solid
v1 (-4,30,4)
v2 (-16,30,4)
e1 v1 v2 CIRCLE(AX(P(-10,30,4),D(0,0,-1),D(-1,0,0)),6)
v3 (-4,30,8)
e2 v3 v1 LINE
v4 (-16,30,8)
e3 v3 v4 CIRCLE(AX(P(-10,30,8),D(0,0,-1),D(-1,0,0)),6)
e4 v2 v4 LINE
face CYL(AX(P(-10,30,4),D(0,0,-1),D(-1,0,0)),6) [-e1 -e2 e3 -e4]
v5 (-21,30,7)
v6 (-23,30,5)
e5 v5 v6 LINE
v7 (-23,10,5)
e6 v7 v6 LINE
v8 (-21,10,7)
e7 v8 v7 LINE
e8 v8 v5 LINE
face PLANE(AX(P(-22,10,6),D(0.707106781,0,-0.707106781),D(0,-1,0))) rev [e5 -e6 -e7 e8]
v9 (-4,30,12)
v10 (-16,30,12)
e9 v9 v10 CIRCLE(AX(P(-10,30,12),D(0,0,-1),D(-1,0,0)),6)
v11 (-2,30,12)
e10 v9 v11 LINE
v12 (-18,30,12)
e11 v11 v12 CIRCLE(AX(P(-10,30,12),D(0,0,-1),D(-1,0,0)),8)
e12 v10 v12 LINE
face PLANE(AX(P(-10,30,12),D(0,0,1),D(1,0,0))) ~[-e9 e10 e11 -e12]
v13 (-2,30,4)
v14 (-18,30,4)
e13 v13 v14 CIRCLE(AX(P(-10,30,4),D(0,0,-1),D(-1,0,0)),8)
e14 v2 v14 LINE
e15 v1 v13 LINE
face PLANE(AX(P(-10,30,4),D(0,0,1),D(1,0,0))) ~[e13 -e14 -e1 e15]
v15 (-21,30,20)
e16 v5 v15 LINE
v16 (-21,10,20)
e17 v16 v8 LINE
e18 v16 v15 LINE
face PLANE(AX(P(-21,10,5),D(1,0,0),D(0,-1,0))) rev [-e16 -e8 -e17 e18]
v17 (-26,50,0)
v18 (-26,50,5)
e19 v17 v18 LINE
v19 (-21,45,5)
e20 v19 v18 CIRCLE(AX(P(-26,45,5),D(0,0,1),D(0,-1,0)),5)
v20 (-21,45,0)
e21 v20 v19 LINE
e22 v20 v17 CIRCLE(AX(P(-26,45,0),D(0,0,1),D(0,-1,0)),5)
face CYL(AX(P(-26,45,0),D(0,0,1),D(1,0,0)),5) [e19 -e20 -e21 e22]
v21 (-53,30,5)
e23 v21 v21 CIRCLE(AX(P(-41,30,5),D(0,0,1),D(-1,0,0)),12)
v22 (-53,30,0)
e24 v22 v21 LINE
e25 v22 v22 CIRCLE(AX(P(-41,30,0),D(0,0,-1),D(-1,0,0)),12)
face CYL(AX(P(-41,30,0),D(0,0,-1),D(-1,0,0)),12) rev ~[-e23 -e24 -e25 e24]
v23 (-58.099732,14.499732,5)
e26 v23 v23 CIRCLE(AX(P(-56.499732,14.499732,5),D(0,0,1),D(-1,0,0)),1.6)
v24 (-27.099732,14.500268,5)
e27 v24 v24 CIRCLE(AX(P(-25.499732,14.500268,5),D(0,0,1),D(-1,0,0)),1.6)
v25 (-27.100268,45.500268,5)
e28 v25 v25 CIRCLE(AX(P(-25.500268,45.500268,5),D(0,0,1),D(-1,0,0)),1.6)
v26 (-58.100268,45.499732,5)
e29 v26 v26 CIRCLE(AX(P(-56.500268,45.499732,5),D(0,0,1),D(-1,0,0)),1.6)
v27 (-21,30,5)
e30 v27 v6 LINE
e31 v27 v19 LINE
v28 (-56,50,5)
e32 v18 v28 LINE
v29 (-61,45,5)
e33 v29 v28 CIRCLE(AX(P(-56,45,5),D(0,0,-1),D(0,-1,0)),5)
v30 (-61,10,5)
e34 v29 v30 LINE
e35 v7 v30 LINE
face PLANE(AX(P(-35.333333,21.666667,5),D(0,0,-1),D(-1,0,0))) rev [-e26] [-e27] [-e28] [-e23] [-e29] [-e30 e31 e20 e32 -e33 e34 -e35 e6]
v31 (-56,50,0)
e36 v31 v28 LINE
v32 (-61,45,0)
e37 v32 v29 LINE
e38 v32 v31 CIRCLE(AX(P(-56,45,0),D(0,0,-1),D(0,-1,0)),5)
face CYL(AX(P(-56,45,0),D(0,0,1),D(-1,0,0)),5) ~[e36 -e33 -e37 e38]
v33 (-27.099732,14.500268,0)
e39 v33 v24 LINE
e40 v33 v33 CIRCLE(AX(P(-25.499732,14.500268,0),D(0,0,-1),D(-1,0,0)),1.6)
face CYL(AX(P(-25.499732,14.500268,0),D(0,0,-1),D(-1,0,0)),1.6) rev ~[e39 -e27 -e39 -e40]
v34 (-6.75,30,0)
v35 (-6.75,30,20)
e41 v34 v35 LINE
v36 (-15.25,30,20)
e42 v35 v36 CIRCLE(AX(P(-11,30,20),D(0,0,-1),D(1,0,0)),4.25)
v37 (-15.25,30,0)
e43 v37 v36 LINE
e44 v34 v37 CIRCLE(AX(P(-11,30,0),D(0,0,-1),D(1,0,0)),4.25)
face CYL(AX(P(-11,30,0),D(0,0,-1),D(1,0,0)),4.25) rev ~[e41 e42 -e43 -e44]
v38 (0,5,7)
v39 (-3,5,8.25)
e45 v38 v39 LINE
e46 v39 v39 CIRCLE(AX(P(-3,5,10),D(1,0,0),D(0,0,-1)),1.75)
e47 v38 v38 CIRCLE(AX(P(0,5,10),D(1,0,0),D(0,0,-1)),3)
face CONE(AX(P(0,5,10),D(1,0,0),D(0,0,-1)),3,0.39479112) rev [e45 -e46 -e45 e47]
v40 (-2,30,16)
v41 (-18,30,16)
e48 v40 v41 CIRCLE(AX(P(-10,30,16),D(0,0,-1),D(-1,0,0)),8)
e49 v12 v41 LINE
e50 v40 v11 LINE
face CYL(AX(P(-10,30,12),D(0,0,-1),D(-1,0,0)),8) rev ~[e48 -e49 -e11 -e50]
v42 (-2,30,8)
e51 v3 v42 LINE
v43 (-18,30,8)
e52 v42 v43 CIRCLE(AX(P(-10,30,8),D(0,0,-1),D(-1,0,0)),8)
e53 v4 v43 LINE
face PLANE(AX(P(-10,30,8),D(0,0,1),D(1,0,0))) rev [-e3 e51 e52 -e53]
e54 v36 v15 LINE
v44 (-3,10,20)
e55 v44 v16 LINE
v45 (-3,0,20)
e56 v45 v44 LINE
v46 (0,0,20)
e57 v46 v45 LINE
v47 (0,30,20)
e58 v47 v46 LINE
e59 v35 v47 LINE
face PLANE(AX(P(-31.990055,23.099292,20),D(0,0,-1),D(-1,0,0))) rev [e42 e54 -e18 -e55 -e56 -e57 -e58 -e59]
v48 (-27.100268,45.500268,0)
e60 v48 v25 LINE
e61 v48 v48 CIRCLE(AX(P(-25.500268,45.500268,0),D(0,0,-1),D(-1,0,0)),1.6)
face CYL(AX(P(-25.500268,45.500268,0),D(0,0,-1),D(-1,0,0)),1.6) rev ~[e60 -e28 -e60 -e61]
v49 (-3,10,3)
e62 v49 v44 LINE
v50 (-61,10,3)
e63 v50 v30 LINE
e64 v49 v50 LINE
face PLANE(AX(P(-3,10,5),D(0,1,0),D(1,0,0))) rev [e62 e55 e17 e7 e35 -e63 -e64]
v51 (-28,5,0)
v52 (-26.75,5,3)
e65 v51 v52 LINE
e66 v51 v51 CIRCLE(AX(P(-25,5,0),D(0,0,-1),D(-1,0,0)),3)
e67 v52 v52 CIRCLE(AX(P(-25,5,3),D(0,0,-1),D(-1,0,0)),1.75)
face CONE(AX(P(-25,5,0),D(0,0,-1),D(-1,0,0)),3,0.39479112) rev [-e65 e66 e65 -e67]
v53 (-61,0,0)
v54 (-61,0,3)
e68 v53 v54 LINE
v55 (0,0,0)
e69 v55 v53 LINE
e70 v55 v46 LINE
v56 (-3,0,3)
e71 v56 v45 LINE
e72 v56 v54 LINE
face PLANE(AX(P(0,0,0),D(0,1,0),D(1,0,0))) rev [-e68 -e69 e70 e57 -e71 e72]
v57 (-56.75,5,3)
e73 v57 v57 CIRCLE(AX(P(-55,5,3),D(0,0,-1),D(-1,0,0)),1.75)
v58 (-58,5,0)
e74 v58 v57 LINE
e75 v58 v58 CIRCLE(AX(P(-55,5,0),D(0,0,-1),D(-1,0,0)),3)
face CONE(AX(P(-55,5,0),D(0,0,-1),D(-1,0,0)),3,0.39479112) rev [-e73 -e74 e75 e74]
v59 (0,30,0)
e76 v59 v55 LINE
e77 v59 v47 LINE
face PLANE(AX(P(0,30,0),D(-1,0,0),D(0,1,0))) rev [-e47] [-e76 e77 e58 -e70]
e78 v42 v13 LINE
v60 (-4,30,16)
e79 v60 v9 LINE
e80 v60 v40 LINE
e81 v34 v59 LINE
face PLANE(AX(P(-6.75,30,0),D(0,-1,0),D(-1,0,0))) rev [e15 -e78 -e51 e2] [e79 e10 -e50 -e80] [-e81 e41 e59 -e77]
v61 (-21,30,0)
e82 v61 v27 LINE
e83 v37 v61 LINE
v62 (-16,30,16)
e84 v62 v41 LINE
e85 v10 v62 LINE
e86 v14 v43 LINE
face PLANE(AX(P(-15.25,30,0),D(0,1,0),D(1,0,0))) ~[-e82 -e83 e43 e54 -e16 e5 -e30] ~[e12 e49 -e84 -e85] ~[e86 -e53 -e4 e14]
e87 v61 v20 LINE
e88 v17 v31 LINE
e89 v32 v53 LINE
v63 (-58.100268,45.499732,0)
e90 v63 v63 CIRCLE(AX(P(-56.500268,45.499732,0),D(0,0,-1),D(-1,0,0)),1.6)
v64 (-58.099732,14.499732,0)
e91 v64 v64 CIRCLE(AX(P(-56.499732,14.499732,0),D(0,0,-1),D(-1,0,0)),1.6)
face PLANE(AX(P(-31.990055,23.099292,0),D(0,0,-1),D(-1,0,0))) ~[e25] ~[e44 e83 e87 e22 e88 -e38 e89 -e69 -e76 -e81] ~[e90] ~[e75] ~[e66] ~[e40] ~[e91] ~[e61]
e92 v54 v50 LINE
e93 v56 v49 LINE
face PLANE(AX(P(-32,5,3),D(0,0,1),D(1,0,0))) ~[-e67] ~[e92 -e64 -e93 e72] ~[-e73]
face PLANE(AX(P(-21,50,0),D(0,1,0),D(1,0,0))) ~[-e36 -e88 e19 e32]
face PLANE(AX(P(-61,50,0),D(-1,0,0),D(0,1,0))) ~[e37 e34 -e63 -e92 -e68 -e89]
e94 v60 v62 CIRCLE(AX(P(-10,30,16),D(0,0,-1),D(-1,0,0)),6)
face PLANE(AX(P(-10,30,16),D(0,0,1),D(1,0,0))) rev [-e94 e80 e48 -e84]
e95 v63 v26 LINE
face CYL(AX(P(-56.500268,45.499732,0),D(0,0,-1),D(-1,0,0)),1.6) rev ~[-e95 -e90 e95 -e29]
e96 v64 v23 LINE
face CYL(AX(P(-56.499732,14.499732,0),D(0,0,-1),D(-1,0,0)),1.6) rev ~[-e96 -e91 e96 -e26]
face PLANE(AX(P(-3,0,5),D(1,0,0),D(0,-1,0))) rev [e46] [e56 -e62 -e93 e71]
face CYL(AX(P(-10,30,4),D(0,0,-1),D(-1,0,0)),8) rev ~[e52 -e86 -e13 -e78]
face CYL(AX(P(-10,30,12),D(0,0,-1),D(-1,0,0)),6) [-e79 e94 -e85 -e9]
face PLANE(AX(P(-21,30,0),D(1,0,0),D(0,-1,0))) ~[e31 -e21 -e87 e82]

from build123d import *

# Parameters (mm, degrees)
BOX008_W          = 58
BOX008_H          = 10
BOX008_DEPTH      = 3
CONE_PITCH_ANGLE  = 90
CYLINDER001_R     = 6
CYLINDER001_DEPTH = 4
CYLINDER_R        = 8
CYLINDER_DEPTH    = 4
PAD001_DEPTH      = 15
SKETCH_R          = 12
SKETCH_R_2        = 1.6
PAD_DEPTH         = 20
CHAMFER003_SIZE   = 2
FILLET_R          = 5


with BuildPart() as espai_fusta:
    # Box008 → Box008 (new body)
    with BuildSketch(Plane(origin=(3, 0, 3), x_dir=(1, 0, 0), z_dir=(0, 0, 1))):
        with Locations((29, 5)):
            Rectangle(BOX008_W, BOX008_H)
    extrude(amount=BOX008_DEPTH)


with BuildPart() as cone_forat_cargol003:
    # Cone002 → Cone002 (revolve)
    with BuildSketch(Plane(origin=(55, 5, 0), x_dir=(1, 0, 0), z_dir=(0, -1, 0))):
        Polygon((0, 0), (3, 0), (1.75, 3), (0, 3), align=None)
    revolve(axis=Axis((55, 5, 0), (0, 0, 1)))


with BuildPart() as cone_forat_cargol002:
    # Cone001 → Cone001 (revolve)
    with BuildSketch(Plane(origin=(25, 5, 0), x_dir=(1, 0, 0), z_dir=(0, -1, 0))):
        Polygon((0, 0), (3, 0), (1.75, 3), (0, 3), align=None)
    revolve(axis=Axis((25, 5, 0), (0, 0, 1)))


with BuildPart() as cone_forat_cargol001:
    # Cone → Cone (revolve)
    with BuildSketch(Plane.XZ):
        Polygon((0, 0), (3, 0), (1.75, 3), (0, 3), align=None)
    revolve(axis=Axis((0, 0, 0), (0, 0, 1)))


with BuildPart() as cone_forat_cargol001_1:
    # Cone pitch: moved
    add(cone_forat_cargol001.part.rotate(Axis((0, 0, 0), (0, 1, 0)), CONE_PITCH_ANGLE))


with BuildPart() as cone_forat_cargol001_2:
    # Cone placement: moved
    add(cone_forat_cargol001_1.part.moved(Location((0, 5, 10))))


with BuildPart() as cyl_brida_int:
    # Cylinder001 → Cylinder001 (new body)
    with BuildSketch(Plane.XY):
        Circle(CYLINDER001_R)
    extrude(amount=CYLINDER001_DEPTH)


with BuildPart() as cyl_brida_ext:
    # Cylinder → Cylinder (new body)
    with BuildSketch(Plane.XY):
        Circle(CYLINDER_R)
    extrude(amount=CYLINDER_DEPTH)


with BuildPart() as espai_brida002:
    # Cut002 base: copy of Cyl-brida-ext
    add(cyl_brida_ext.part)

    # Cut002: cut Cyl-brida-int
    add(cyl_brida_int.part, mode=Mode.SUBTRACT)


with BuildPart() as espai_brida002_1:
    # Cut002 placement: moved
    add(espai_brida002.part.moved(Location((10, 30, 12))))


with BuildPart() as espai_brida001:
    # Cut001 base: copy of Cyl-brida-ext
    add(cyl_brida_ext.part)

    # Cut001: cut Cyl-brida-int
    add(cyl_brida_int.part, mode=Mode.SUBTRACT)


with BuildPart() as espai_brida001_1:
    # Cut001 placement: moved
    add(espai_brida001.part.moved(Location((10, 30, 4))))


with BuildPart() as pad_perfil_retalla:
    # Sketch001 → Pad001 (new body)
    with BuildSketch(Plane.XY.offset(5)):
        Polygon((3, 10), (21, 10), (21, 50), (61, 50), (61, 0), (3, 0), align=None)
    extrude(amount=PAD001_DEPTH)


with BuildPart() as y_end_motor:
    # Sketch → Pad (new body)
    with BuildSketch(Plane.XY):
        with BuildLine():
            ThreePointArc((6.75, 30), (11, 25.75), (15.25, 30))
            Line((15.25, 30), (21, 30))
            Line((21, 30), (21, 50))
            Line((21, 50), (61, 50))
            Line((61, 50), (61, 0))
            Line((0, 0), (61, 0))
            Line((0, 30), (0, 0))
            Line((6.75, 30), (0, 30))
        make_face()
        with Locations((41, 30)):
            Circle(SKETCH_R, mode=Mode.SUBTRACT)
        with Locations((25.500268, 45.500268)):
            Circle(SKETCH_R_2, mode=Mode.SUBTRACT)
        with Locations((25.499732, 14.500268)):
            Circle(SKETCH_R_2, mode=Mode.SUBTRACT)
        with Locations((56.499732, 14.499732)):
            Circle(SKETCH_R_2, mode=Mode.SUBTRACT)
        with Locations((56.500268, 45.499732)):
            Circle(SKETCH_R_2, mode=Mode.SUBTRACT)
    extrude(amount=PAD_DEPTH)

    # Cut: cut Pad-perfil-retalla
    add(pad_perfil_retalla.part, mode=Mode.SUBTRACT)

    # Cut003: cut espai-brida001
    add(espai_brida001_1.part, mode=Mode.SUBTRACT)

    # Cut004: cut espai-brida002
    add(espai_brida002_1.part, mode=Mode.SUBTRACT)

    # Cut005: cut Cone-forat-cargol001
    add(cone_forat_cargol001_2.part, mode=Mode.SUBTRACT)

    # Cut006: cut Cone-forat-cargol002
    add(cone_forat_cargol002.part, mode=Mode.SUBTRACT)

    # Cut007: cut Cone-forat-cargol003
    add(cone_forat_cargol003.part, mode=Mode.SUBTRACT)

    # Cut027: cut espai-fusta
    add(espai_fusta.part, mode=Mode.SUBTRACT)

    # Chamfer003
    chamfer003_edges = [y_end_motor.edges().sort_by_distance(p)[0] for p in [
        (21, 20, 5),
    ]]
    chamfer(chamfer003_edges, length=CHAMFER003_SIZE)

    # Fillet
    fillet_edges = [y_end_motor.edges().sort_by_distance(p)[0] for p in [
        (21, 50, 2.5),
        (61, 50, 2.5),
    ]]
    fillet(fillet_edges, radius=FILLET_R)


with BuildPart() as part_mirroring:
    # Part__Mirroring: instance of y-end-motor
    add(y_end_motor.part.mirror(Plane(origin=(0, 0, 0), x_dir=(0, -1, 0), z_dir=(1, 0, 0))))


solid = part_mirroring.part
